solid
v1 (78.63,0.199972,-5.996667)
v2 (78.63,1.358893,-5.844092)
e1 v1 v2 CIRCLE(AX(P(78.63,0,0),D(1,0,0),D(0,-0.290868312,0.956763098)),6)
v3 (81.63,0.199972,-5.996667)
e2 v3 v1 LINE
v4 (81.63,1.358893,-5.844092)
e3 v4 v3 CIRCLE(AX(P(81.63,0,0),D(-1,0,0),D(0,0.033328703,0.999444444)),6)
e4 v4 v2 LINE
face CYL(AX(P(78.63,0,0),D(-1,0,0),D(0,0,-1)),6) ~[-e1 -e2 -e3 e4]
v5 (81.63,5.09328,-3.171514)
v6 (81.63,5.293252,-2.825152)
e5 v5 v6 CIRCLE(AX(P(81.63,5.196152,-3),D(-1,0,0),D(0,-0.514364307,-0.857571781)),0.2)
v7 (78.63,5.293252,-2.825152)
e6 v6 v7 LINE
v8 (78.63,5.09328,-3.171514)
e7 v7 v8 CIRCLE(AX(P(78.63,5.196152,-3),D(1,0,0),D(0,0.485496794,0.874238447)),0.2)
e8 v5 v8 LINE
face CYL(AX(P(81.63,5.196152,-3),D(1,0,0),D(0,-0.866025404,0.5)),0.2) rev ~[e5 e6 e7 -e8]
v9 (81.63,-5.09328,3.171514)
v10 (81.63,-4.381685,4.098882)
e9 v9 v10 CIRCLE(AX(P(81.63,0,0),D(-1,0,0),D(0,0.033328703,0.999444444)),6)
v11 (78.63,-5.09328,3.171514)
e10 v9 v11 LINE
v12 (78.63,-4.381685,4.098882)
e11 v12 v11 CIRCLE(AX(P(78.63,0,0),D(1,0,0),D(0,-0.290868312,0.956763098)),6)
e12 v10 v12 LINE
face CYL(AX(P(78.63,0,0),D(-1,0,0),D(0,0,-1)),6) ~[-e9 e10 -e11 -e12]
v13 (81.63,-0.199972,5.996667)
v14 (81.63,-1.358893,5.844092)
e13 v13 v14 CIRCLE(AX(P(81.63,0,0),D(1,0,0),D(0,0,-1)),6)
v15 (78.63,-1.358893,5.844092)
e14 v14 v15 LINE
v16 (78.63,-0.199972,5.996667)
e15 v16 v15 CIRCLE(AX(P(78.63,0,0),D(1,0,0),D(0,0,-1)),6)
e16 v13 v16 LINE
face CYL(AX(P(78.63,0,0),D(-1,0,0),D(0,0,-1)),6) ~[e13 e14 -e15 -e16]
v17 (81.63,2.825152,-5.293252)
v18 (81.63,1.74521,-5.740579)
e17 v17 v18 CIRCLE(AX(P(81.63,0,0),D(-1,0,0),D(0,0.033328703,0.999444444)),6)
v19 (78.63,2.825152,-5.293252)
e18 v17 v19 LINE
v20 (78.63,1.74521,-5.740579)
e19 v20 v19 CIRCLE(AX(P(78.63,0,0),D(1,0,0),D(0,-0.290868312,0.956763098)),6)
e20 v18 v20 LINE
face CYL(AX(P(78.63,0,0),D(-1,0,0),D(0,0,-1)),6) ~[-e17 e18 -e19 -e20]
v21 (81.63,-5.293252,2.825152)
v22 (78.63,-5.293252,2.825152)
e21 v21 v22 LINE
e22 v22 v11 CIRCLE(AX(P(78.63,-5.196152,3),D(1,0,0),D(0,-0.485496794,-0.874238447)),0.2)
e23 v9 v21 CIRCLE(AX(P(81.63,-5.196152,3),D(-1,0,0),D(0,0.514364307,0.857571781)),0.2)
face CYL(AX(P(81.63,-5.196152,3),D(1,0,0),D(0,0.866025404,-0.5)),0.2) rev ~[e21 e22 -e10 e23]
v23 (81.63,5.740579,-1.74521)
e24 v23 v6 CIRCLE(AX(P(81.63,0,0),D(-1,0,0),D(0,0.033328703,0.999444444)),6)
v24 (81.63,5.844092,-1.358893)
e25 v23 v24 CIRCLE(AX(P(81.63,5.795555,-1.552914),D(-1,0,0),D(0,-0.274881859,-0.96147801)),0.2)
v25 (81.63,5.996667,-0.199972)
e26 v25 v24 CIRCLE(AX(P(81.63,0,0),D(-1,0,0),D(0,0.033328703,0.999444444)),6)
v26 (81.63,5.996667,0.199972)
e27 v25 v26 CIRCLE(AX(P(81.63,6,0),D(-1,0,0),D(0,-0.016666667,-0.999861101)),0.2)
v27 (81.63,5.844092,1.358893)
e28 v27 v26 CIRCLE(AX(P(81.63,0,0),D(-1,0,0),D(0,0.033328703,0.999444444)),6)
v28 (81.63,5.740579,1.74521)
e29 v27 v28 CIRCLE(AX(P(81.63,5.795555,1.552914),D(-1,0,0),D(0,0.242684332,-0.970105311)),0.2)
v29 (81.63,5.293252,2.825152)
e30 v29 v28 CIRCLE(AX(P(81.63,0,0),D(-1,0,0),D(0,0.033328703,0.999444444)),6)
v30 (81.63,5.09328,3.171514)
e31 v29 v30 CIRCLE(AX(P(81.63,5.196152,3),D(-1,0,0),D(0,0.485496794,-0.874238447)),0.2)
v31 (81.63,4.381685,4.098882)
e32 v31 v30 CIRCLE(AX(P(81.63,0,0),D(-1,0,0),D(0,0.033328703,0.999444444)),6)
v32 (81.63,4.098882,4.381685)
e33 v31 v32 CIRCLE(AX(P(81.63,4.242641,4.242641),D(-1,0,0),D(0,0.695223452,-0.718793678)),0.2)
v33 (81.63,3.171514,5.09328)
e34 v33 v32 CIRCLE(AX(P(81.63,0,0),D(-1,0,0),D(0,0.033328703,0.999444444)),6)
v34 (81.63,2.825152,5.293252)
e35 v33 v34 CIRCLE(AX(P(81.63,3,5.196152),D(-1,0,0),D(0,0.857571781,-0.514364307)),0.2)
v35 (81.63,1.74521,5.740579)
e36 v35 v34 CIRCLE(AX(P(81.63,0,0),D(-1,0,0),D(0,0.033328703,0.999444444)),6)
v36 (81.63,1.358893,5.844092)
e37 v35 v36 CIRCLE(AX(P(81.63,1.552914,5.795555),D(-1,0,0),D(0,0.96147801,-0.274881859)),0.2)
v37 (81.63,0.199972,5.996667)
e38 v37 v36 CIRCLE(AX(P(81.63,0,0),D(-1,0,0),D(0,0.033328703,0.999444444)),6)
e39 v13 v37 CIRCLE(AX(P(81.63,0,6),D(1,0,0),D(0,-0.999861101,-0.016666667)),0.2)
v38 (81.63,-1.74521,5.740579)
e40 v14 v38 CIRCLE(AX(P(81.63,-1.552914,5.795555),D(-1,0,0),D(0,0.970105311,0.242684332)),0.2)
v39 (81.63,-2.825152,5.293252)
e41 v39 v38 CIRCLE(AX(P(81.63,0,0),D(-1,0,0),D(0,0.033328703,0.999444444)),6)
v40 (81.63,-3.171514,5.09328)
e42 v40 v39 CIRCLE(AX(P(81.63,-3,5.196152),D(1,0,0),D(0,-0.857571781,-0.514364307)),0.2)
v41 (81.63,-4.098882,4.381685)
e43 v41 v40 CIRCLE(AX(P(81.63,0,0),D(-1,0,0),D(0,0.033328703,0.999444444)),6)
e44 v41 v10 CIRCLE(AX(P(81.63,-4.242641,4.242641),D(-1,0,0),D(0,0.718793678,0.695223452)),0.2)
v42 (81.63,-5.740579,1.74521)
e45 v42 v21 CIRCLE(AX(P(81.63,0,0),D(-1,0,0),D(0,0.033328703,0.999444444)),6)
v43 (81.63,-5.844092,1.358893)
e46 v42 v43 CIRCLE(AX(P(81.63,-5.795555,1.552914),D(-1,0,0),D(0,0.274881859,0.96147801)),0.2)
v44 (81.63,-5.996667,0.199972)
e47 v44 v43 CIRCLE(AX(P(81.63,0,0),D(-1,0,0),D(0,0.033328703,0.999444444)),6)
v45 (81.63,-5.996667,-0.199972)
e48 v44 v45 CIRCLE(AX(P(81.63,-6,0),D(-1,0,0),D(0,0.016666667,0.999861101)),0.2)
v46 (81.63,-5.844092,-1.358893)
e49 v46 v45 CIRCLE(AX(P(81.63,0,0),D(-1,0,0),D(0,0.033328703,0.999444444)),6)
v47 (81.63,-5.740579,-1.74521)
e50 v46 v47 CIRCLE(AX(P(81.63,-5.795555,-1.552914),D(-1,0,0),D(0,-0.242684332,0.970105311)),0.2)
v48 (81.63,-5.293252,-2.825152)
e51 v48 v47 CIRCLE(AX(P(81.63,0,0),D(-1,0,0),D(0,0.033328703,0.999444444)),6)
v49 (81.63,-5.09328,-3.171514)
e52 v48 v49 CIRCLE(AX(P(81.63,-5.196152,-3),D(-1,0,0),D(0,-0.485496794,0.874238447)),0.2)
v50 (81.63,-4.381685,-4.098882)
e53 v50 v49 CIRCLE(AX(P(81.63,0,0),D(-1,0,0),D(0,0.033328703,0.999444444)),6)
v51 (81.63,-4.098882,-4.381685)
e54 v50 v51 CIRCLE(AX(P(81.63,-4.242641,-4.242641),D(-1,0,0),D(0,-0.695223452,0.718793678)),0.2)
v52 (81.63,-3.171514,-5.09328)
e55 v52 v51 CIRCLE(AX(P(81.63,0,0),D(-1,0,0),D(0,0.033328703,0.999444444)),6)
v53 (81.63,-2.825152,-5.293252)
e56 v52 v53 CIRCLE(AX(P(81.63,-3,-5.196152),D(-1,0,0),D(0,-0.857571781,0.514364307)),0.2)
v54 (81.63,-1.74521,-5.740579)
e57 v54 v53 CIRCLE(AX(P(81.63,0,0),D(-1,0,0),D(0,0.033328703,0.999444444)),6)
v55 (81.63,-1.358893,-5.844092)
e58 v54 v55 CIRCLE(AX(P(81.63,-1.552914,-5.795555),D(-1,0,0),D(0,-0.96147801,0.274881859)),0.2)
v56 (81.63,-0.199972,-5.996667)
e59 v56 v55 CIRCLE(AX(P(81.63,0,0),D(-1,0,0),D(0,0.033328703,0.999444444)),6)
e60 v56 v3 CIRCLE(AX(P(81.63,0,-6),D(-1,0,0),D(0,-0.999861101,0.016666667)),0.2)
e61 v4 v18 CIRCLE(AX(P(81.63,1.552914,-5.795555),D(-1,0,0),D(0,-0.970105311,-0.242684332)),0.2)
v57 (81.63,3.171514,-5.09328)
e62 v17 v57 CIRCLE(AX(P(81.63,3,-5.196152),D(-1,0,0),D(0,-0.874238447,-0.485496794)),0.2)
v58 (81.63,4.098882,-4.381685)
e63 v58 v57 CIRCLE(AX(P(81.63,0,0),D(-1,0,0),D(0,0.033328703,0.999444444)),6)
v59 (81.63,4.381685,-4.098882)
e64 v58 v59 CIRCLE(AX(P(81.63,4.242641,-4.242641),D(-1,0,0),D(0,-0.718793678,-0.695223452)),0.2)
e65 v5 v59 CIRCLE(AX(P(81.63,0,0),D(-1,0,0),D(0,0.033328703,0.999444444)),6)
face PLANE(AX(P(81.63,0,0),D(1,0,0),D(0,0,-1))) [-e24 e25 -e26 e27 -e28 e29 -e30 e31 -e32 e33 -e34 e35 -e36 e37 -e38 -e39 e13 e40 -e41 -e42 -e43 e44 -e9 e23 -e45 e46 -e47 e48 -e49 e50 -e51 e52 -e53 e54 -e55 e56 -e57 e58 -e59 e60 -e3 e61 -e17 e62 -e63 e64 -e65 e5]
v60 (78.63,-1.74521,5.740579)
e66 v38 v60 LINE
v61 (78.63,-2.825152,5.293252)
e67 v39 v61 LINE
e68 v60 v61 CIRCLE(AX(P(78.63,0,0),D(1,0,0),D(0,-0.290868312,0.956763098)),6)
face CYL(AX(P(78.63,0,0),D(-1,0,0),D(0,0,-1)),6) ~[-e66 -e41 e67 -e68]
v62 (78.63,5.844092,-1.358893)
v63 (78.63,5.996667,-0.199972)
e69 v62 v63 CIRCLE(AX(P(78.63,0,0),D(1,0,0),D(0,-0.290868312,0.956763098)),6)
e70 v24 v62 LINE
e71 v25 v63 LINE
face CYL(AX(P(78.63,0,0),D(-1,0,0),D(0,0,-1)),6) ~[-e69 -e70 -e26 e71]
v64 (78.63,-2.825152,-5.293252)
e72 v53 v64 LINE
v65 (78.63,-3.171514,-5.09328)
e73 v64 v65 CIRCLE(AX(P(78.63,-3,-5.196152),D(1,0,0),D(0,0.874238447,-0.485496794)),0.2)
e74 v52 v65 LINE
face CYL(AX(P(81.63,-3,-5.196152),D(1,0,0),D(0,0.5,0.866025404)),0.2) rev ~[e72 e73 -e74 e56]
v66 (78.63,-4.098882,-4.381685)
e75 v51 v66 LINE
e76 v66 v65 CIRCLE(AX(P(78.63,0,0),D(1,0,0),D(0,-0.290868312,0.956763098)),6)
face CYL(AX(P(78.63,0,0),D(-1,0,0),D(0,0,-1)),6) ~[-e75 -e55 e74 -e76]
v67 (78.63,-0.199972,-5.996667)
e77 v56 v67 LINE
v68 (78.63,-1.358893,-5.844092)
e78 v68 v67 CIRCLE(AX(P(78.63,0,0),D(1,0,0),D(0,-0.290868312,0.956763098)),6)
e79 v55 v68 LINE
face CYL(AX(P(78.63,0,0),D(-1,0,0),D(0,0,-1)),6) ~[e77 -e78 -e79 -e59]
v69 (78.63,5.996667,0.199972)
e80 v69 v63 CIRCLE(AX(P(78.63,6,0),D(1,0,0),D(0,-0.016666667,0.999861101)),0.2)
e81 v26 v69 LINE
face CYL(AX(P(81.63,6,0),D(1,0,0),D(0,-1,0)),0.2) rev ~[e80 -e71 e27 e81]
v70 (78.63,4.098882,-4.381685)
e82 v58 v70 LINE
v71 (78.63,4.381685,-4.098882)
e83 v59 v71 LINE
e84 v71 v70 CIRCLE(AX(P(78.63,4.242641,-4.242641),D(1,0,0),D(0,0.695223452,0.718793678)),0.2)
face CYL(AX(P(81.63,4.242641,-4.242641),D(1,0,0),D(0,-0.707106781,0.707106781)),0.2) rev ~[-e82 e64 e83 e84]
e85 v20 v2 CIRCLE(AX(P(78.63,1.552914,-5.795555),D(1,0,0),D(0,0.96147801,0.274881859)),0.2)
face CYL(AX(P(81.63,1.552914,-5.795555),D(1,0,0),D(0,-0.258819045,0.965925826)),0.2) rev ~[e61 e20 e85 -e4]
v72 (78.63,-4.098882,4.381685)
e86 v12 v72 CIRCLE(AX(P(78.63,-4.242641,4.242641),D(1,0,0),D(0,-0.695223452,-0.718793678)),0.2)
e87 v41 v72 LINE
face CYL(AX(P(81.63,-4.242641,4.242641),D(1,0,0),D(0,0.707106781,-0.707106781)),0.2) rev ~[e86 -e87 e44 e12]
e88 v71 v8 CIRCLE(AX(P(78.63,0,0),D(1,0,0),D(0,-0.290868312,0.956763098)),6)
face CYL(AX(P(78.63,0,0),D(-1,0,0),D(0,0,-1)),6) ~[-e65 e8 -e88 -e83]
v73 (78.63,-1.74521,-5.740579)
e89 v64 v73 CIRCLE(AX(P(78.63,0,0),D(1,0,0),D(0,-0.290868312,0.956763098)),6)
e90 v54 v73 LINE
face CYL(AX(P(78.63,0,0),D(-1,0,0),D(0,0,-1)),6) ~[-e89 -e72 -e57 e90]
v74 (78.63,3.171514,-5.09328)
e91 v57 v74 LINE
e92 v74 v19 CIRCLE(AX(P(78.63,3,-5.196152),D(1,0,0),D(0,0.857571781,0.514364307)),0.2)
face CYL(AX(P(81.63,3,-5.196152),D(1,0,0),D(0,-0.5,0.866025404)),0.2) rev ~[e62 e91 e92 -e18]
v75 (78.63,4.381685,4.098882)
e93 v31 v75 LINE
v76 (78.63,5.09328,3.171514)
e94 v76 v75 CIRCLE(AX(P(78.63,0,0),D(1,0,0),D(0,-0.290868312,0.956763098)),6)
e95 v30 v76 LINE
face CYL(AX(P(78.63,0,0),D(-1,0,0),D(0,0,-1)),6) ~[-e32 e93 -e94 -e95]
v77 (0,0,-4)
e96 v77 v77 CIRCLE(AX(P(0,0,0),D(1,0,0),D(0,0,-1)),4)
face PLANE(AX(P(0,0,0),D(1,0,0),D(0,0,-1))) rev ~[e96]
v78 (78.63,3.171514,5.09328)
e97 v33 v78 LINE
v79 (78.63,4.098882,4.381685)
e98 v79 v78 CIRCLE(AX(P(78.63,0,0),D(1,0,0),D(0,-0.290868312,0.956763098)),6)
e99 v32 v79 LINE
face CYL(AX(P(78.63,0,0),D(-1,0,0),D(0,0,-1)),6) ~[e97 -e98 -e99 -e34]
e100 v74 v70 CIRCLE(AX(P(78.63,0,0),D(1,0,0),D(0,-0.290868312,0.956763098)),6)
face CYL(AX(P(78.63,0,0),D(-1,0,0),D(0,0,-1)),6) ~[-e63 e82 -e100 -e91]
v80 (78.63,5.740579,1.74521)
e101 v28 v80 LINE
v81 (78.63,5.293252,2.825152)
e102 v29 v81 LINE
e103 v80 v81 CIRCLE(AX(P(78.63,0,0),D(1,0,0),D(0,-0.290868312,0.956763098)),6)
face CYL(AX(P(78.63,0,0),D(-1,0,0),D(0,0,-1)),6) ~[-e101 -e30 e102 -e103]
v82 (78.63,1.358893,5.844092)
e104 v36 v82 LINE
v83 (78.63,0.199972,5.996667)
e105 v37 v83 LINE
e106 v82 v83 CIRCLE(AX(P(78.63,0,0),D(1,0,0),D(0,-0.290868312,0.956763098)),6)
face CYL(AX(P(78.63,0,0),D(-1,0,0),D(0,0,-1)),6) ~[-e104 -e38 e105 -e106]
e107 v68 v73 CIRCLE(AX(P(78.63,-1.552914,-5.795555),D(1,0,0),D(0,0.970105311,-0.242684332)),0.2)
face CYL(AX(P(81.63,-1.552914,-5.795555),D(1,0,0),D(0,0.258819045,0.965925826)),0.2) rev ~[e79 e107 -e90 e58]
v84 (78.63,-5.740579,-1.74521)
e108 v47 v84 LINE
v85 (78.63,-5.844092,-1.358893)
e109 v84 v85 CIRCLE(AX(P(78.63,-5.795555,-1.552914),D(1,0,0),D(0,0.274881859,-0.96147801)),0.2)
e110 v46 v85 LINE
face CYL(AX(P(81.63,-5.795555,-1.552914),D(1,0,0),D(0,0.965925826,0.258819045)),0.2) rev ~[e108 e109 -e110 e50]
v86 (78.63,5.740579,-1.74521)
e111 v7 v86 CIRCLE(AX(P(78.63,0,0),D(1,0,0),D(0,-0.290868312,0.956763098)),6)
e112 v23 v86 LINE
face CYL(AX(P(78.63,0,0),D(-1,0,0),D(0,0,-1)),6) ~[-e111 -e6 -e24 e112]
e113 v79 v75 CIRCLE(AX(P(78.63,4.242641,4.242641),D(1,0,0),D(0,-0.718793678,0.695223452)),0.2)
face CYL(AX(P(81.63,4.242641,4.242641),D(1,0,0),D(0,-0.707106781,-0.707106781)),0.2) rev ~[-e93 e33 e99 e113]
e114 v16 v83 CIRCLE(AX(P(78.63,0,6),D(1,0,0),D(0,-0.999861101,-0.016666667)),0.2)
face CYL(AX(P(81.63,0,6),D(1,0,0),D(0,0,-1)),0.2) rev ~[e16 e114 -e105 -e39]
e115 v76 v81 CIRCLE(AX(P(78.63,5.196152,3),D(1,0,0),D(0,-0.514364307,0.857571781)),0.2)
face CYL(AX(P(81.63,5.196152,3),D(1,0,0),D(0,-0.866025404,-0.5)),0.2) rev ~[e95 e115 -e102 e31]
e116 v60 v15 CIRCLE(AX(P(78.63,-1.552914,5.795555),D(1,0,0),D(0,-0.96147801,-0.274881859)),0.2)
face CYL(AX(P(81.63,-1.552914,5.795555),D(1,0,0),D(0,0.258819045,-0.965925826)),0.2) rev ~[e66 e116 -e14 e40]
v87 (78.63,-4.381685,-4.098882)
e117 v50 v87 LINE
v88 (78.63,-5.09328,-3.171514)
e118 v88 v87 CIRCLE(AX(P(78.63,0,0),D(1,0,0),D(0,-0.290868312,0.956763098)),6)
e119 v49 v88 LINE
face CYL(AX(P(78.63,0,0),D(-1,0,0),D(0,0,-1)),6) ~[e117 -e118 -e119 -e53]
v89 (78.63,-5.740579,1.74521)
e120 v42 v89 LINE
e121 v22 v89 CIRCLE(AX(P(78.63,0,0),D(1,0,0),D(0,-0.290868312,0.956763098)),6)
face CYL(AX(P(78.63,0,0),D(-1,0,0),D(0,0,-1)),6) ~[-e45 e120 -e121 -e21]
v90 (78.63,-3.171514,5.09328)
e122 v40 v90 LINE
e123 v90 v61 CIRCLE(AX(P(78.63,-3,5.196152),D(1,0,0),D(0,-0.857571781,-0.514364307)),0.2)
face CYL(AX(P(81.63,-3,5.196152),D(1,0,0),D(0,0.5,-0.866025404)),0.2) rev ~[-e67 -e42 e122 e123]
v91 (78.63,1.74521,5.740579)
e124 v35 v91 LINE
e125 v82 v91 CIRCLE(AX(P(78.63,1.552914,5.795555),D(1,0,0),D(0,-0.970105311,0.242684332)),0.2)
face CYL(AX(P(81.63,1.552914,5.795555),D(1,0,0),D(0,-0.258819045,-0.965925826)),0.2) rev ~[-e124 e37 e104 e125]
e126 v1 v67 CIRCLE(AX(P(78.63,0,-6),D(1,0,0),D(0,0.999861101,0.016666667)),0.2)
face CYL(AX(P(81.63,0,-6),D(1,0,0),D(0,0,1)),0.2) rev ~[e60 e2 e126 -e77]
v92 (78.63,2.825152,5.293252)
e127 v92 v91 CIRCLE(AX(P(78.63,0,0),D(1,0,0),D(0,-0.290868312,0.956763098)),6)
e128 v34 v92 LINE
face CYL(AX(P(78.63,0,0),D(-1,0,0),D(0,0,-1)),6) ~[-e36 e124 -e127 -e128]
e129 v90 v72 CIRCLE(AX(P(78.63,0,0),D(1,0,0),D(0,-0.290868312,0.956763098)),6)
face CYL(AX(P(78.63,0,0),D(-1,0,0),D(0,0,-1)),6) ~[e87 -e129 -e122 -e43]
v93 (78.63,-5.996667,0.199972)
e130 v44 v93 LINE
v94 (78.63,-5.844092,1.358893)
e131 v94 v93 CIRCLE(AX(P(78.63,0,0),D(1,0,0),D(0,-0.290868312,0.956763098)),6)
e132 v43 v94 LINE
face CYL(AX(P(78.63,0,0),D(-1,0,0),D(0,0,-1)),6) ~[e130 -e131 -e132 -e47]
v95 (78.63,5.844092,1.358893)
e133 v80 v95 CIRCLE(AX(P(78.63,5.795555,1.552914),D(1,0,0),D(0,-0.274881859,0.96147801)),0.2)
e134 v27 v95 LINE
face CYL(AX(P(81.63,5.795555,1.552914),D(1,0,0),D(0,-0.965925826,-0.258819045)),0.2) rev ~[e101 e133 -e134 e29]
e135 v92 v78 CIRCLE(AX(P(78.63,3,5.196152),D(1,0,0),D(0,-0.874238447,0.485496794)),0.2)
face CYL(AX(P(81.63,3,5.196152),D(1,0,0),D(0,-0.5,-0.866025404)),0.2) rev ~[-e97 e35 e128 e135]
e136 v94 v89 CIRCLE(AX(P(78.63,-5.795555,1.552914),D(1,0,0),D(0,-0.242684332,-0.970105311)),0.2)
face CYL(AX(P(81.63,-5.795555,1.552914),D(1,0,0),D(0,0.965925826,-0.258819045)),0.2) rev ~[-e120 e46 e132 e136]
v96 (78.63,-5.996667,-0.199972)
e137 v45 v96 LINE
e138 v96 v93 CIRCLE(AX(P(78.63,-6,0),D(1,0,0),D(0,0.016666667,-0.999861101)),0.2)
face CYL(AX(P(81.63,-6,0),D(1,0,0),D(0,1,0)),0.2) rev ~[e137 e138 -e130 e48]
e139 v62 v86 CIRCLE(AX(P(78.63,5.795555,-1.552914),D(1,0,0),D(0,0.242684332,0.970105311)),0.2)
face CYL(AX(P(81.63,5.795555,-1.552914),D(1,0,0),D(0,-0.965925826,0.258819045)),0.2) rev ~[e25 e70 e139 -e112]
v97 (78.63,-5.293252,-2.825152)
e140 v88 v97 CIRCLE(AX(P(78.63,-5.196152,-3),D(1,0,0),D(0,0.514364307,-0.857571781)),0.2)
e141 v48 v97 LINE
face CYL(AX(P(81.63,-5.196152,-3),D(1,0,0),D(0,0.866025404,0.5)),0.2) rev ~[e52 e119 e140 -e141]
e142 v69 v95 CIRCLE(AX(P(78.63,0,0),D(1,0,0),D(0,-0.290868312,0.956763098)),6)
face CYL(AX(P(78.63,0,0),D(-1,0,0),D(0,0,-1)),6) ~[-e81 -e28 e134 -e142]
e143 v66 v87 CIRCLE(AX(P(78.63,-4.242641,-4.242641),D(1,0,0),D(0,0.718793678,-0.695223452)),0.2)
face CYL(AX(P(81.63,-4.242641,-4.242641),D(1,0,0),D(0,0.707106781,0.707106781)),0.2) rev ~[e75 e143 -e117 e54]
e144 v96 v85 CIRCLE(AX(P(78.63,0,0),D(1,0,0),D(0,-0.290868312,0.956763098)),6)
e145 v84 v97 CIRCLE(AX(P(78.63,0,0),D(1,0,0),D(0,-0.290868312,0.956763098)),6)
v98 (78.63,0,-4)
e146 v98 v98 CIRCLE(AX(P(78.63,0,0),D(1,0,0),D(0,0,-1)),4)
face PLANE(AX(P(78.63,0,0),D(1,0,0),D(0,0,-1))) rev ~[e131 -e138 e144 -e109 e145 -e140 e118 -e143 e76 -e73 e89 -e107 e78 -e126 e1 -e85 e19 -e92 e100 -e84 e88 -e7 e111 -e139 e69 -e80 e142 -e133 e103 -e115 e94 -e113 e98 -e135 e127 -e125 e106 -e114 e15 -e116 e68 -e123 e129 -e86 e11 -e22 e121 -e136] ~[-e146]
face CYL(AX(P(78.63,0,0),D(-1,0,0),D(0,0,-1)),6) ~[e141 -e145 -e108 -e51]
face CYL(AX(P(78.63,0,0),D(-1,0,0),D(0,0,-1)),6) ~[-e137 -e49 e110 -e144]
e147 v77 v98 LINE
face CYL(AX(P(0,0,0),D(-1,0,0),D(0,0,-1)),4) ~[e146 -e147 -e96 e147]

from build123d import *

# Parameters (mm, degrees)
SKETCH1_R           = 4
BOSS_EXTRUDE1_DEPTH = 78.63
SKETCH2_R           = 6
BOSS_EXTRUDE2_DEPTH = 3
SKETCH3_R           = 0.2
CUT_EXTRUDE1_DEPTH  = 3
CIRPATTERN1_COUNT   = 24


with BuildPart() as part:
    # Sketch1 → Boss-Extrude1 (new body)
    with BuildSketch(Plane(origin=(0, 0, 0), x_dir=(0, 0, -1), z_dir=(1, 0, 0))):
        Circle(SKETCH1_R)
    extrude(amount=BOSS_EXTRUDE1_DEPTH)

    # Sketch2 → Boss-Extrude2 (add)
    with BuildSketch(Plane(origin=(78.63, 0, 0), x_dir=(0, 0, -1), z_dir=(1, 0, 0))):
        Circle(SKETCH2_R)
    extrude(amount=BOSS_EXTRUDE2_DEPTH)

    # Sketch3 → Cut-Extrude1 (cut)
    with BuildSketch(Plane(origin=(81.63, 0, 0), x_dir=(0, 0, -1), z_dir=(1, 0, 0))):
        with Locations((-6, 0)):
            Circle(SKETCH3_R)
    cut_extrude1 = extrude(amount=-CUT_EXTRUDE1_DEPTH, mode=Mode.SUBTRACT)

    # CirPattern1: Cut-Extrude1 ×24 about axis
    cirpattern1_axis = Axis((0, 0, 0), (1, 0, 0))
    for i in range(1, CIRPATTERN1_COUNT):
        add(cut_extrude1.rotate(cirpattern1_axis, i * 360 / CIRPATTERN1_COUNT), mode=Mode.SUBTRACT)


solid = part.part
